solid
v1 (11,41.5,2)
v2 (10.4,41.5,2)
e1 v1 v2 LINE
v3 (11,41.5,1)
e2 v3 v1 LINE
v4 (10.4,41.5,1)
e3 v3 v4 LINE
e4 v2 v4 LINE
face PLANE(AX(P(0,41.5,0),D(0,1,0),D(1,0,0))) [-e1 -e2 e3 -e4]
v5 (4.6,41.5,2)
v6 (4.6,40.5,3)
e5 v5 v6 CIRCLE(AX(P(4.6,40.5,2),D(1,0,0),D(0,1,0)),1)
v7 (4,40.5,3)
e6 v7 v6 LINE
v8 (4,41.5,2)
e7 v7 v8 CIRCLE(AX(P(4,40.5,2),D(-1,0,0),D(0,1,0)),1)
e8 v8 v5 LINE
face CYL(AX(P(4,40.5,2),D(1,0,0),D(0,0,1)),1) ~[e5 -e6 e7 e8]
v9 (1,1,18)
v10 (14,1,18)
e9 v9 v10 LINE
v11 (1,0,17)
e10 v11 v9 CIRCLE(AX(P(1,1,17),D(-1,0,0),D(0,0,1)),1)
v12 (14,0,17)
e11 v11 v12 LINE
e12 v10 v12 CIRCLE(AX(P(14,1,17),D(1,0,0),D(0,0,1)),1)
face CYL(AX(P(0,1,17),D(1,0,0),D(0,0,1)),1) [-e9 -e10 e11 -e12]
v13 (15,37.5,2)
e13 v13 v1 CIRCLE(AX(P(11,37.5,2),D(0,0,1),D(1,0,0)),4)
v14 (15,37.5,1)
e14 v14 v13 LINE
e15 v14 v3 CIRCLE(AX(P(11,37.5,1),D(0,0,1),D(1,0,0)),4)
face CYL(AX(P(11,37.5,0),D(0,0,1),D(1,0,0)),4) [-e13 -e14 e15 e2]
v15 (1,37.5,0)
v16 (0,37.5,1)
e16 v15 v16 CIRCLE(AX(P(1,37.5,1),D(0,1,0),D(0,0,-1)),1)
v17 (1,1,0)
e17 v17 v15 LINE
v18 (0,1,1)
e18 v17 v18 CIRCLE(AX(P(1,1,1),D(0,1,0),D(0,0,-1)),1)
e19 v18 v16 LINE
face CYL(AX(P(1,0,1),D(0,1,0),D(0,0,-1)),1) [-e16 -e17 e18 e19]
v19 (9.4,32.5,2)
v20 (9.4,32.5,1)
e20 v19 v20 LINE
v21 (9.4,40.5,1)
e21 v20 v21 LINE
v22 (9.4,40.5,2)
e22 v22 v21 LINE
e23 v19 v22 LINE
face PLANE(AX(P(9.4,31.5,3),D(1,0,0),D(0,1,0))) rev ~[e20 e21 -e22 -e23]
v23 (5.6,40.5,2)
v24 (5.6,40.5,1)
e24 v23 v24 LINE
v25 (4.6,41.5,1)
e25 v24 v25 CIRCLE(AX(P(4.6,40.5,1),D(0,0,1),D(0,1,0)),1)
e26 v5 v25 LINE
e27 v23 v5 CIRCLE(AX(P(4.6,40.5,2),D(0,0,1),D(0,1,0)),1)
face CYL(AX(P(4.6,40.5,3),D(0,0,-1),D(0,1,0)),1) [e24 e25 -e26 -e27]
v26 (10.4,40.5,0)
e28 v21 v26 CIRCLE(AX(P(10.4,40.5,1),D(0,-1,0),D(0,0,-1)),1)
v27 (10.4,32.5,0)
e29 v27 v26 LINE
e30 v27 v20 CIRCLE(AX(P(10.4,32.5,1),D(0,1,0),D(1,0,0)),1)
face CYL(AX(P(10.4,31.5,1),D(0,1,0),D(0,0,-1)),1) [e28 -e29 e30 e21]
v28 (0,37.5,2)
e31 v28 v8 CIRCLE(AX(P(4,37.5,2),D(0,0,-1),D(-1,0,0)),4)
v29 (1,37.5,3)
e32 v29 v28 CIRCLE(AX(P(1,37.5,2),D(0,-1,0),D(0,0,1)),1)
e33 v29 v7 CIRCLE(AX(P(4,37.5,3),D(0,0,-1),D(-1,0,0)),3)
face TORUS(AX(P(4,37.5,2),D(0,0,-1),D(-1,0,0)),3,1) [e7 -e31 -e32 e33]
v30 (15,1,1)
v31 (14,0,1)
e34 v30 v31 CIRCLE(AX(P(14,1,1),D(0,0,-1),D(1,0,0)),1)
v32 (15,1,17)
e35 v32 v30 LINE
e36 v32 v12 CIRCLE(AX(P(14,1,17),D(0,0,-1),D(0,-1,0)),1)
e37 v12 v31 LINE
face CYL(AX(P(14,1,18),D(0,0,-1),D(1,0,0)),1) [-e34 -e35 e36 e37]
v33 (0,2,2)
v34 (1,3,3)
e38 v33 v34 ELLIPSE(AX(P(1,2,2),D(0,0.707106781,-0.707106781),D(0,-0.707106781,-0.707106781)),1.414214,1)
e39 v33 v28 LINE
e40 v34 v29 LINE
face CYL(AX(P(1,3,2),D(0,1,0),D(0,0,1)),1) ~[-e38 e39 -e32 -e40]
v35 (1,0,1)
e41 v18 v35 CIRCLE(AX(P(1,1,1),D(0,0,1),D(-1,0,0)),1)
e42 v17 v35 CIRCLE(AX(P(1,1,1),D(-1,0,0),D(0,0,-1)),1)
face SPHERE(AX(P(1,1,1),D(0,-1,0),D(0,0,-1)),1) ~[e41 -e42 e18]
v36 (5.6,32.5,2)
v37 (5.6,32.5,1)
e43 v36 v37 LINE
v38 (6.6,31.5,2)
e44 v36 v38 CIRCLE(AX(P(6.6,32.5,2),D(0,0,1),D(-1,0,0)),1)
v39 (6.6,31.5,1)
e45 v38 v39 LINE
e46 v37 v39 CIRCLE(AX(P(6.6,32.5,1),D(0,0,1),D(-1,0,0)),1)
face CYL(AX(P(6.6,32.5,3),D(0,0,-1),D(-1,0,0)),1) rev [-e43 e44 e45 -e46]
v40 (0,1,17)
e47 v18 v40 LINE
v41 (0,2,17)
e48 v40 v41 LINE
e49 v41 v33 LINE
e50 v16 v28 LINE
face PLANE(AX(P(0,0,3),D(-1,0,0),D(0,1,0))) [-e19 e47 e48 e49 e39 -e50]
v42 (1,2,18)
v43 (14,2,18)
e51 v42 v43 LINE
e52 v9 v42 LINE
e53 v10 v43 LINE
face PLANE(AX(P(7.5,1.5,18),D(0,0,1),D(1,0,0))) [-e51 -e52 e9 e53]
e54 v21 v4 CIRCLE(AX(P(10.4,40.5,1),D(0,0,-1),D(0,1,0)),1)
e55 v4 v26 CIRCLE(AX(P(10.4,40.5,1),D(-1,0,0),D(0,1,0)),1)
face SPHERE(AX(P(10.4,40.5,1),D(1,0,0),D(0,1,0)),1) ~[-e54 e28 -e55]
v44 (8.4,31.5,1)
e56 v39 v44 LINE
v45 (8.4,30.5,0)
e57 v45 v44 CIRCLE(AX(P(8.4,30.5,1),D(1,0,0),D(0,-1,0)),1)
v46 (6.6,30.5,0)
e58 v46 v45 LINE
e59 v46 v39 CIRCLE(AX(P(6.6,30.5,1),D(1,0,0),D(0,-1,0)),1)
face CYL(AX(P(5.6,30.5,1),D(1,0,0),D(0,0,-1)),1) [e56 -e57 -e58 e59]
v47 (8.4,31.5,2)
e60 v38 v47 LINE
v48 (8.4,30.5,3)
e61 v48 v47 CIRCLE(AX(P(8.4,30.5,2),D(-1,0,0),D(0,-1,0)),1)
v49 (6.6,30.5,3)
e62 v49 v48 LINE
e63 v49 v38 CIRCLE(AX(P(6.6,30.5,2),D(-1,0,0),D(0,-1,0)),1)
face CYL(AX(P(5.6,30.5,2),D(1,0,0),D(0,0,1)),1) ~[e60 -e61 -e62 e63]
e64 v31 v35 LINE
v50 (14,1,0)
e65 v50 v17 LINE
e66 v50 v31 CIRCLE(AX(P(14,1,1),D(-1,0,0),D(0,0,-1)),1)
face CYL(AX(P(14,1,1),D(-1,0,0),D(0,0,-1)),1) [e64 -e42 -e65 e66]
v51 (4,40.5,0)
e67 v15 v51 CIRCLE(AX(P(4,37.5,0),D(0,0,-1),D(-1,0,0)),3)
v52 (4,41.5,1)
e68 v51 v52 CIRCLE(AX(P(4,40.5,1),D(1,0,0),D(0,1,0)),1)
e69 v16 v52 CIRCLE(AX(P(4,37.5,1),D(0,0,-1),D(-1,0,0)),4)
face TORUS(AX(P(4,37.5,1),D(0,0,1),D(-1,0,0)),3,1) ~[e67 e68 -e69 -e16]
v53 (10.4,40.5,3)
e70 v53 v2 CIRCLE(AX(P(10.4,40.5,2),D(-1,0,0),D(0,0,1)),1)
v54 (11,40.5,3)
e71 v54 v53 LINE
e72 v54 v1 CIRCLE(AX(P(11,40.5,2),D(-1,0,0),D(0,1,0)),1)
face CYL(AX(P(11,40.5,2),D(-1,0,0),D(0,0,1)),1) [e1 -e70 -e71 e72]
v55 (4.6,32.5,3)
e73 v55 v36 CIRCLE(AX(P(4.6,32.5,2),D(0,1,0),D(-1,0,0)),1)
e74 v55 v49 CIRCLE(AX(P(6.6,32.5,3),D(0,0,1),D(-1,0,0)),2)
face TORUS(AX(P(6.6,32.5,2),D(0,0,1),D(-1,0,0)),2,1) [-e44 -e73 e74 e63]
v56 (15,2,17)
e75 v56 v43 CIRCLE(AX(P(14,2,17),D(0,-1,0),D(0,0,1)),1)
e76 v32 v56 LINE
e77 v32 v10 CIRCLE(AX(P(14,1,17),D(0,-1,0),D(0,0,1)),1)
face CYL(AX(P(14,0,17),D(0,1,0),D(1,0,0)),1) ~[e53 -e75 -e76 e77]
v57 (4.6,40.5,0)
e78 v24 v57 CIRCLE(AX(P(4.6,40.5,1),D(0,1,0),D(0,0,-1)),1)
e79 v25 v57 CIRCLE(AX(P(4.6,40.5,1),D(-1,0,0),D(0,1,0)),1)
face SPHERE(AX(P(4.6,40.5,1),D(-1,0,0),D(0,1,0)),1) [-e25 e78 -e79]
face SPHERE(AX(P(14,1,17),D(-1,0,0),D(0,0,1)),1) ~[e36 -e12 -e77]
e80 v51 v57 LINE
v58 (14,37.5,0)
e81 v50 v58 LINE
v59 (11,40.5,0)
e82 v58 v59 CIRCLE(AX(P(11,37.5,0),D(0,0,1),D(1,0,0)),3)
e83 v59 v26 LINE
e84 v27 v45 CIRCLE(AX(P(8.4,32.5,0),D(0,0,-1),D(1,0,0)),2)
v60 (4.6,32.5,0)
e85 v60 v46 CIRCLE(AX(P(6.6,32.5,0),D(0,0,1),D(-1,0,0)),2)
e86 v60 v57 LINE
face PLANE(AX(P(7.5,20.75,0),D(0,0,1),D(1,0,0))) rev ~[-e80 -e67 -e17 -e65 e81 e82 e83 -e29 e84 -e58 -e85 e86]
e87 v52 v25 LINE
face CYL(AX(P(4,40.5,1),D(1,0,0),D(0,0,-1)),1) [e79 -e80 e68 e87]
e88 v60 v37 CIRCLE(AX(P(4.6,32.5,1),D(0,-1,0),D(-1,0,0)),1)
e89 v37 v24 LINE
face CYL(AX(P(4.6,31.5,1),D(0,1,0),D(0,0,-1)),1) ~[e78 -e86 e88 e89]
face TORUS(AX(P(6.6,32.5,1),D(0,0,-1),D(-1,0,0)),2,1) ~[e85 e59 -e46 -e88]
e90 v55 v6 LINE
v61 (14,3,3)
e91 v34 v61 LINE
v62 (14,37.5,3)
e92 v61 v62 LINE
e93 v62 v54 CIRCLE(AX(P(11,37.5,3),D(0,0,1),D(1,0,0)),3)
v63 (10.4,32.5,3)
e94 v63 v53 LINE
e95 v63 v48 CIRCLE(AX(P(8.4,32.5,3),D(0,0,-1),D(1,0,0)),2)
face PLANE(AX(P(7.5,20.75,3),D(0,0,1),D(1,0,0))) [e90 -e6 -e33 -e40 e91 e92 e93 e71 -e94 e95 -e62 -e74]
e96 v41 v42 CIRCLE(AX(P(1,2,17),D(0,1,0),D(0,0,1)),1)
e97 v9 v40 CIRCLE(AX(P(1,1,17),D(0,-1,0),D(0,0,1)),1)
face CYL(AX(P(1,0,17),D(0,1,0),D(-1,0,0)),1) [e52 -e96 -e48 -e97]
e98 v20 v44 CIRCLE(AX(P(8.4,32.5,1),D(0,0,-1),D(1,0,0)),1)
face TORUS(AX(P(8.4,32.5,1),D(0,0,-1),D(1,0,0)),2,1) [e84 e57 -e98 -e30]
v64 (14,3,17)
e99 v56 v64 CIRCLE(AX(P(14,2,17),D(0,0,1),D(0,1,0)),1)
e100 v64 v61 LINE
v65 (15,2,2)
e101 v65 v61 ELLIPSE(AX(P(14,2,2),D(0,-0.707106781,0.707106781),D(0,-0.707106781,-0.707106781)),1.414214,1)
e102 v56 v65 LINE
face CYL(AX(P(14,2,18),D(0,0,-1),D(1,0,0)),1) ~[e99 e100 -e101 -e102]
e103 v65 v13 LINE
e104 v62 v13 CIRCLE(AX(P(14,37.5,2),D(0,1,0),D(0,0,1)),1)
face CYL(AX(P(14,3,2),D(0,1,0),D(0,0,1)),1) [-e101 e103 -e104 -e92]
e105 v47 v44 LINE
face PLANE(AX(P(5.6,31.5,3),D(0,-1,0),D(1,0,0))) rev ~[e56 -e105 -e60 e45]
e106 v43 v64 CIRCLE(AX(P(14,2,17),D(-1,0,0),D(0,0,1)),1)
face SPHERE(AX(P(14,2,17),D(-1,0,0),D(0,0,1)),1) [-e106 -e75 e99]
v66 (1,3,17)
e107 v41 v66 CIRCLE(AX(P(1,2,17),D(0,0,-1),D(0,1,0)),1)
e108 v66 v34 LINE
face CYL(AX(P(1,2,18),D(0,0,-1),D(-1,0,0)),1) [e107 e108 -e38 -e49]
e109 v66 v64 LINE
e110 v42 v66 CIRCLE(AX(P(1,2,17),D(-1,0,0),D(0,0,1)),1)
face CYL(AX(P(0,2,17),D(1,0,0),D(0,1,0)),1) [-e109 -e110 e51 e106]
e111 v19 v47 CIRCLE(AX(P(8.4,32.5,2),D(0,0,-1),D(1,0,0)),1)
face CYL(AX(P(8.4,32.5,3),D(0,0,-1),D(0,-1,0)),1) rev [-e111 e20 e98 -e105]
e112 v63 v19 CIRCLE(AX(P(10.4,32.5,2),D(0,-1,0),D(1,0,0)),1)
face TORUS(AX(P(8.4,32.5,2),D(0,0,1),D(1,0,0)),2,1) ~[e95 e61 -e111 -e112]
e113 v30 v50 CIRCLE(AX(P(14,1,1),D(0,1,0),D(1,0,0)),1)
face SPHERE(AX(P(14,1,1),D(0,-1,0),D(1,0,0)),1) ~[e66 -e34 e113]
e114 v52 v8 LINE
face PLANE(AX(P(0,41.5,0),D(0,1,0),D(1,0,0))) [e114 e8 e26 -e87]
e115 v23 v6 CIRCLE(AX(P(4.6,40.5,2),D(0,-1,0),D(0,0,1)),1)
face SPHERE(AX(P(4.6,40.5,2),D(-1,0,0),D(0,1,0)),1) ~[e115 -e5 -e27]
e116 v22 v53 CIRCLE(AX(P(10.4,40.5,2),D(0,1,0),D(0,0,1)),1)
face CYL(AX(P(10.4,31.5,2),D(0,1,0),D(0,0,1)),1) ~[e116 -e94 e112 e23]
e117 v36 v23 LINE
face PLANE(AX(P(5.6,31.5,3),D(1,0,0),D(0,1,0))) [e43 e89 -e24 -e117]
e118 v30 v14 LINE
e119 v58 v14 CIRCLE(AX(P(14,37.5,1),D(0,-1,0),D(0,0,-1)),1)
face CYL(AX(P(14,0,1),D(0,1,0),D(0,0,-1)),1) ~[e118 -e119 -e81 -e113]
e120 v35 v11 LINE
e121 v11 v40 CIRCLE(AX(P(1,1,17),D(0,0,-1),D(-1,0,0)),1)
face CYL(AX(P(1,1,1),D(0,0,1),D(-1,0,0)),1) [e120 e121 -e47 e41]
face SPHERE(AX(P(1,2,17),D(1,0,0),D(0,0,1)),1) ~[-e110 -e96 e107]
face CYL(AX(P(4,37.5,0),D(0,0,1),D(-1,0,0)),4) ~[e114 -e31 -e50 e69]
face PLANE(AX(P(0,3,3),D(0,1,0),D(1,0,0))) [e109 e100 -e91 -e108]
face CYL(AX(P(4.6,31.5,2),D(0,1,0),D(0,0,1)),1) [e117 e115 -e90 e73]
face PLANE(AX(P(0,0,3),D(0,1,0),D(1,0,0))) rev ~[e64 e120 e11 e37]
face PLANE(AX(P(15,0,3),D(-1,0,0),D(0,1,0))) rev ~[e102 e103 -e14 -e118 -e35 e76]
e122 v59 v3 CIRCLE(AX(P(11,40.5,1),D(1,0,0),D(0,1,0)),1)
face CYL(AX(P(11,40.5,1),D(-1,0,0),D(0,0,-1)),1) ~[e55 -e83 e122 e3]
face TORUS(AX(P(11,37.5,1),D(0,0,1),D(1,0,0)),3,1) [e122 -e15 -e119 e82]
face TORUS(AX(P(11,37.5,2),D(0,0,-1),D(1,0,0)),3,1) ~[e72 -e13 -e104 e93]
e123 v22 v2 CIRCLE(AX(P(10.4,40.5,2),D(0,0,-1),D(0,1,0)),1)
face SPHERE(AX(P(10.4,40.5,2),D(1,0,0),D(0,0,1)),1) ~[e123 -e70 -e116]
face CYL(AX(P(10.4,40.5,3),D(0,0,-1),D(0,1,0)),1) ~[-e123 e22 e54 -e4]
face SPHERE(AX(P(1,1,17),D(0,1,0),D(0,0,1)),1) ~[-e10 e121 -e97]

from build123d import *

# Parameters (mm, degrees)
SKETCH_W     = 15
SKETCH_H     = 41.5
PAD_DEPTH    = 3
SKETCH001_W  = 15
SKETCH001_H  = 3
PAD001_DEPTH = 15
SKETCH002_W  = 3.8
SKETCH002_H  = 10
POCKET_DEPTH = 3
FILLET_R     = 4
FILLET001_R  = 1
FILLET002_R  = 1


with BuildPart() as part:
    # Sketch → Pad (new body)
    with BuildSketch(Plane.XY):
        with Locations((7.5, 20.75)):
            Rectangle(SKETCH_W, SKETCH_H)
    extrude(amount=PAD_DEPTH)

    # Sketch001 (on Face6 of Pad) → Pad001 (join)
    with BuildSketch(Plane.XY.offset(3)):
        with Locations((7.5, 1.5)):
            Rectangle(SKETCH001_W, SKETCH001_H)
    extrude(amount=PAD001_DEPTH)

    # Sketch002 (on Face7 of Pad001) → Pocket (cut)
    with BuildSketch(Plane.XY.offset(3)):
        with Locations((7.5, 36.5)):
            Rectangle(SKETCH002_W, SKETCH002_H)
    extrude(amount=-POCKET_DEPTH, mode=Mode.SUBTRACT)

    # Fillet
    fillet_edges = [part.edges().sort_by_distance(p)[0] for p in [
        (0, 41.5, 1.5),
        (15, 41.5, 1.5),
    ]]
    fillet(fillet_edges, radius=FILLET_R)

    # Fillet001
    fillet001_edges = [part.edges().sort_by_distance(p)[0] for p in [
        (13.828427, 40.328427, 3),
        (13.828427, 40.328427, 0),
        (4.8, 41.5, 3),
        (4.8, 41.5, 0),
        (5.6, 41.5, 1.5),
        (5.6, 36.5, 0),
        (5.6, 36.5, 3),
        (9.4, 36.5, 3),
        (7.5, 31.5, 3),
        (9.4, 41.5, 1.5),
        (9.4, 36.5, 0),
        (7.5, 31.5, 0),
        (9.4, 31.5, 1.5),
        (5.6, 31.5, 1.5),
    ]]
    fillet(fillet001_edges, radius=FILLET001_R)

    # Fillet002
    fillet002_edges = [part.edges().sort_by_distance(p)[0] for p in [
        (7.5, 3, 18),
        (0, 1.5, 18),
        (7.5, 0, 18),
        (15, 1.5, 18),
        (0, 3, 10.5),
        (0, 0, 10.5),
        (15, 3, 10.5),
        (15, 0, 10.5),
    ]]
    fillet(fillet002_edges, radius=FILLET002_R)


solid = part.part
